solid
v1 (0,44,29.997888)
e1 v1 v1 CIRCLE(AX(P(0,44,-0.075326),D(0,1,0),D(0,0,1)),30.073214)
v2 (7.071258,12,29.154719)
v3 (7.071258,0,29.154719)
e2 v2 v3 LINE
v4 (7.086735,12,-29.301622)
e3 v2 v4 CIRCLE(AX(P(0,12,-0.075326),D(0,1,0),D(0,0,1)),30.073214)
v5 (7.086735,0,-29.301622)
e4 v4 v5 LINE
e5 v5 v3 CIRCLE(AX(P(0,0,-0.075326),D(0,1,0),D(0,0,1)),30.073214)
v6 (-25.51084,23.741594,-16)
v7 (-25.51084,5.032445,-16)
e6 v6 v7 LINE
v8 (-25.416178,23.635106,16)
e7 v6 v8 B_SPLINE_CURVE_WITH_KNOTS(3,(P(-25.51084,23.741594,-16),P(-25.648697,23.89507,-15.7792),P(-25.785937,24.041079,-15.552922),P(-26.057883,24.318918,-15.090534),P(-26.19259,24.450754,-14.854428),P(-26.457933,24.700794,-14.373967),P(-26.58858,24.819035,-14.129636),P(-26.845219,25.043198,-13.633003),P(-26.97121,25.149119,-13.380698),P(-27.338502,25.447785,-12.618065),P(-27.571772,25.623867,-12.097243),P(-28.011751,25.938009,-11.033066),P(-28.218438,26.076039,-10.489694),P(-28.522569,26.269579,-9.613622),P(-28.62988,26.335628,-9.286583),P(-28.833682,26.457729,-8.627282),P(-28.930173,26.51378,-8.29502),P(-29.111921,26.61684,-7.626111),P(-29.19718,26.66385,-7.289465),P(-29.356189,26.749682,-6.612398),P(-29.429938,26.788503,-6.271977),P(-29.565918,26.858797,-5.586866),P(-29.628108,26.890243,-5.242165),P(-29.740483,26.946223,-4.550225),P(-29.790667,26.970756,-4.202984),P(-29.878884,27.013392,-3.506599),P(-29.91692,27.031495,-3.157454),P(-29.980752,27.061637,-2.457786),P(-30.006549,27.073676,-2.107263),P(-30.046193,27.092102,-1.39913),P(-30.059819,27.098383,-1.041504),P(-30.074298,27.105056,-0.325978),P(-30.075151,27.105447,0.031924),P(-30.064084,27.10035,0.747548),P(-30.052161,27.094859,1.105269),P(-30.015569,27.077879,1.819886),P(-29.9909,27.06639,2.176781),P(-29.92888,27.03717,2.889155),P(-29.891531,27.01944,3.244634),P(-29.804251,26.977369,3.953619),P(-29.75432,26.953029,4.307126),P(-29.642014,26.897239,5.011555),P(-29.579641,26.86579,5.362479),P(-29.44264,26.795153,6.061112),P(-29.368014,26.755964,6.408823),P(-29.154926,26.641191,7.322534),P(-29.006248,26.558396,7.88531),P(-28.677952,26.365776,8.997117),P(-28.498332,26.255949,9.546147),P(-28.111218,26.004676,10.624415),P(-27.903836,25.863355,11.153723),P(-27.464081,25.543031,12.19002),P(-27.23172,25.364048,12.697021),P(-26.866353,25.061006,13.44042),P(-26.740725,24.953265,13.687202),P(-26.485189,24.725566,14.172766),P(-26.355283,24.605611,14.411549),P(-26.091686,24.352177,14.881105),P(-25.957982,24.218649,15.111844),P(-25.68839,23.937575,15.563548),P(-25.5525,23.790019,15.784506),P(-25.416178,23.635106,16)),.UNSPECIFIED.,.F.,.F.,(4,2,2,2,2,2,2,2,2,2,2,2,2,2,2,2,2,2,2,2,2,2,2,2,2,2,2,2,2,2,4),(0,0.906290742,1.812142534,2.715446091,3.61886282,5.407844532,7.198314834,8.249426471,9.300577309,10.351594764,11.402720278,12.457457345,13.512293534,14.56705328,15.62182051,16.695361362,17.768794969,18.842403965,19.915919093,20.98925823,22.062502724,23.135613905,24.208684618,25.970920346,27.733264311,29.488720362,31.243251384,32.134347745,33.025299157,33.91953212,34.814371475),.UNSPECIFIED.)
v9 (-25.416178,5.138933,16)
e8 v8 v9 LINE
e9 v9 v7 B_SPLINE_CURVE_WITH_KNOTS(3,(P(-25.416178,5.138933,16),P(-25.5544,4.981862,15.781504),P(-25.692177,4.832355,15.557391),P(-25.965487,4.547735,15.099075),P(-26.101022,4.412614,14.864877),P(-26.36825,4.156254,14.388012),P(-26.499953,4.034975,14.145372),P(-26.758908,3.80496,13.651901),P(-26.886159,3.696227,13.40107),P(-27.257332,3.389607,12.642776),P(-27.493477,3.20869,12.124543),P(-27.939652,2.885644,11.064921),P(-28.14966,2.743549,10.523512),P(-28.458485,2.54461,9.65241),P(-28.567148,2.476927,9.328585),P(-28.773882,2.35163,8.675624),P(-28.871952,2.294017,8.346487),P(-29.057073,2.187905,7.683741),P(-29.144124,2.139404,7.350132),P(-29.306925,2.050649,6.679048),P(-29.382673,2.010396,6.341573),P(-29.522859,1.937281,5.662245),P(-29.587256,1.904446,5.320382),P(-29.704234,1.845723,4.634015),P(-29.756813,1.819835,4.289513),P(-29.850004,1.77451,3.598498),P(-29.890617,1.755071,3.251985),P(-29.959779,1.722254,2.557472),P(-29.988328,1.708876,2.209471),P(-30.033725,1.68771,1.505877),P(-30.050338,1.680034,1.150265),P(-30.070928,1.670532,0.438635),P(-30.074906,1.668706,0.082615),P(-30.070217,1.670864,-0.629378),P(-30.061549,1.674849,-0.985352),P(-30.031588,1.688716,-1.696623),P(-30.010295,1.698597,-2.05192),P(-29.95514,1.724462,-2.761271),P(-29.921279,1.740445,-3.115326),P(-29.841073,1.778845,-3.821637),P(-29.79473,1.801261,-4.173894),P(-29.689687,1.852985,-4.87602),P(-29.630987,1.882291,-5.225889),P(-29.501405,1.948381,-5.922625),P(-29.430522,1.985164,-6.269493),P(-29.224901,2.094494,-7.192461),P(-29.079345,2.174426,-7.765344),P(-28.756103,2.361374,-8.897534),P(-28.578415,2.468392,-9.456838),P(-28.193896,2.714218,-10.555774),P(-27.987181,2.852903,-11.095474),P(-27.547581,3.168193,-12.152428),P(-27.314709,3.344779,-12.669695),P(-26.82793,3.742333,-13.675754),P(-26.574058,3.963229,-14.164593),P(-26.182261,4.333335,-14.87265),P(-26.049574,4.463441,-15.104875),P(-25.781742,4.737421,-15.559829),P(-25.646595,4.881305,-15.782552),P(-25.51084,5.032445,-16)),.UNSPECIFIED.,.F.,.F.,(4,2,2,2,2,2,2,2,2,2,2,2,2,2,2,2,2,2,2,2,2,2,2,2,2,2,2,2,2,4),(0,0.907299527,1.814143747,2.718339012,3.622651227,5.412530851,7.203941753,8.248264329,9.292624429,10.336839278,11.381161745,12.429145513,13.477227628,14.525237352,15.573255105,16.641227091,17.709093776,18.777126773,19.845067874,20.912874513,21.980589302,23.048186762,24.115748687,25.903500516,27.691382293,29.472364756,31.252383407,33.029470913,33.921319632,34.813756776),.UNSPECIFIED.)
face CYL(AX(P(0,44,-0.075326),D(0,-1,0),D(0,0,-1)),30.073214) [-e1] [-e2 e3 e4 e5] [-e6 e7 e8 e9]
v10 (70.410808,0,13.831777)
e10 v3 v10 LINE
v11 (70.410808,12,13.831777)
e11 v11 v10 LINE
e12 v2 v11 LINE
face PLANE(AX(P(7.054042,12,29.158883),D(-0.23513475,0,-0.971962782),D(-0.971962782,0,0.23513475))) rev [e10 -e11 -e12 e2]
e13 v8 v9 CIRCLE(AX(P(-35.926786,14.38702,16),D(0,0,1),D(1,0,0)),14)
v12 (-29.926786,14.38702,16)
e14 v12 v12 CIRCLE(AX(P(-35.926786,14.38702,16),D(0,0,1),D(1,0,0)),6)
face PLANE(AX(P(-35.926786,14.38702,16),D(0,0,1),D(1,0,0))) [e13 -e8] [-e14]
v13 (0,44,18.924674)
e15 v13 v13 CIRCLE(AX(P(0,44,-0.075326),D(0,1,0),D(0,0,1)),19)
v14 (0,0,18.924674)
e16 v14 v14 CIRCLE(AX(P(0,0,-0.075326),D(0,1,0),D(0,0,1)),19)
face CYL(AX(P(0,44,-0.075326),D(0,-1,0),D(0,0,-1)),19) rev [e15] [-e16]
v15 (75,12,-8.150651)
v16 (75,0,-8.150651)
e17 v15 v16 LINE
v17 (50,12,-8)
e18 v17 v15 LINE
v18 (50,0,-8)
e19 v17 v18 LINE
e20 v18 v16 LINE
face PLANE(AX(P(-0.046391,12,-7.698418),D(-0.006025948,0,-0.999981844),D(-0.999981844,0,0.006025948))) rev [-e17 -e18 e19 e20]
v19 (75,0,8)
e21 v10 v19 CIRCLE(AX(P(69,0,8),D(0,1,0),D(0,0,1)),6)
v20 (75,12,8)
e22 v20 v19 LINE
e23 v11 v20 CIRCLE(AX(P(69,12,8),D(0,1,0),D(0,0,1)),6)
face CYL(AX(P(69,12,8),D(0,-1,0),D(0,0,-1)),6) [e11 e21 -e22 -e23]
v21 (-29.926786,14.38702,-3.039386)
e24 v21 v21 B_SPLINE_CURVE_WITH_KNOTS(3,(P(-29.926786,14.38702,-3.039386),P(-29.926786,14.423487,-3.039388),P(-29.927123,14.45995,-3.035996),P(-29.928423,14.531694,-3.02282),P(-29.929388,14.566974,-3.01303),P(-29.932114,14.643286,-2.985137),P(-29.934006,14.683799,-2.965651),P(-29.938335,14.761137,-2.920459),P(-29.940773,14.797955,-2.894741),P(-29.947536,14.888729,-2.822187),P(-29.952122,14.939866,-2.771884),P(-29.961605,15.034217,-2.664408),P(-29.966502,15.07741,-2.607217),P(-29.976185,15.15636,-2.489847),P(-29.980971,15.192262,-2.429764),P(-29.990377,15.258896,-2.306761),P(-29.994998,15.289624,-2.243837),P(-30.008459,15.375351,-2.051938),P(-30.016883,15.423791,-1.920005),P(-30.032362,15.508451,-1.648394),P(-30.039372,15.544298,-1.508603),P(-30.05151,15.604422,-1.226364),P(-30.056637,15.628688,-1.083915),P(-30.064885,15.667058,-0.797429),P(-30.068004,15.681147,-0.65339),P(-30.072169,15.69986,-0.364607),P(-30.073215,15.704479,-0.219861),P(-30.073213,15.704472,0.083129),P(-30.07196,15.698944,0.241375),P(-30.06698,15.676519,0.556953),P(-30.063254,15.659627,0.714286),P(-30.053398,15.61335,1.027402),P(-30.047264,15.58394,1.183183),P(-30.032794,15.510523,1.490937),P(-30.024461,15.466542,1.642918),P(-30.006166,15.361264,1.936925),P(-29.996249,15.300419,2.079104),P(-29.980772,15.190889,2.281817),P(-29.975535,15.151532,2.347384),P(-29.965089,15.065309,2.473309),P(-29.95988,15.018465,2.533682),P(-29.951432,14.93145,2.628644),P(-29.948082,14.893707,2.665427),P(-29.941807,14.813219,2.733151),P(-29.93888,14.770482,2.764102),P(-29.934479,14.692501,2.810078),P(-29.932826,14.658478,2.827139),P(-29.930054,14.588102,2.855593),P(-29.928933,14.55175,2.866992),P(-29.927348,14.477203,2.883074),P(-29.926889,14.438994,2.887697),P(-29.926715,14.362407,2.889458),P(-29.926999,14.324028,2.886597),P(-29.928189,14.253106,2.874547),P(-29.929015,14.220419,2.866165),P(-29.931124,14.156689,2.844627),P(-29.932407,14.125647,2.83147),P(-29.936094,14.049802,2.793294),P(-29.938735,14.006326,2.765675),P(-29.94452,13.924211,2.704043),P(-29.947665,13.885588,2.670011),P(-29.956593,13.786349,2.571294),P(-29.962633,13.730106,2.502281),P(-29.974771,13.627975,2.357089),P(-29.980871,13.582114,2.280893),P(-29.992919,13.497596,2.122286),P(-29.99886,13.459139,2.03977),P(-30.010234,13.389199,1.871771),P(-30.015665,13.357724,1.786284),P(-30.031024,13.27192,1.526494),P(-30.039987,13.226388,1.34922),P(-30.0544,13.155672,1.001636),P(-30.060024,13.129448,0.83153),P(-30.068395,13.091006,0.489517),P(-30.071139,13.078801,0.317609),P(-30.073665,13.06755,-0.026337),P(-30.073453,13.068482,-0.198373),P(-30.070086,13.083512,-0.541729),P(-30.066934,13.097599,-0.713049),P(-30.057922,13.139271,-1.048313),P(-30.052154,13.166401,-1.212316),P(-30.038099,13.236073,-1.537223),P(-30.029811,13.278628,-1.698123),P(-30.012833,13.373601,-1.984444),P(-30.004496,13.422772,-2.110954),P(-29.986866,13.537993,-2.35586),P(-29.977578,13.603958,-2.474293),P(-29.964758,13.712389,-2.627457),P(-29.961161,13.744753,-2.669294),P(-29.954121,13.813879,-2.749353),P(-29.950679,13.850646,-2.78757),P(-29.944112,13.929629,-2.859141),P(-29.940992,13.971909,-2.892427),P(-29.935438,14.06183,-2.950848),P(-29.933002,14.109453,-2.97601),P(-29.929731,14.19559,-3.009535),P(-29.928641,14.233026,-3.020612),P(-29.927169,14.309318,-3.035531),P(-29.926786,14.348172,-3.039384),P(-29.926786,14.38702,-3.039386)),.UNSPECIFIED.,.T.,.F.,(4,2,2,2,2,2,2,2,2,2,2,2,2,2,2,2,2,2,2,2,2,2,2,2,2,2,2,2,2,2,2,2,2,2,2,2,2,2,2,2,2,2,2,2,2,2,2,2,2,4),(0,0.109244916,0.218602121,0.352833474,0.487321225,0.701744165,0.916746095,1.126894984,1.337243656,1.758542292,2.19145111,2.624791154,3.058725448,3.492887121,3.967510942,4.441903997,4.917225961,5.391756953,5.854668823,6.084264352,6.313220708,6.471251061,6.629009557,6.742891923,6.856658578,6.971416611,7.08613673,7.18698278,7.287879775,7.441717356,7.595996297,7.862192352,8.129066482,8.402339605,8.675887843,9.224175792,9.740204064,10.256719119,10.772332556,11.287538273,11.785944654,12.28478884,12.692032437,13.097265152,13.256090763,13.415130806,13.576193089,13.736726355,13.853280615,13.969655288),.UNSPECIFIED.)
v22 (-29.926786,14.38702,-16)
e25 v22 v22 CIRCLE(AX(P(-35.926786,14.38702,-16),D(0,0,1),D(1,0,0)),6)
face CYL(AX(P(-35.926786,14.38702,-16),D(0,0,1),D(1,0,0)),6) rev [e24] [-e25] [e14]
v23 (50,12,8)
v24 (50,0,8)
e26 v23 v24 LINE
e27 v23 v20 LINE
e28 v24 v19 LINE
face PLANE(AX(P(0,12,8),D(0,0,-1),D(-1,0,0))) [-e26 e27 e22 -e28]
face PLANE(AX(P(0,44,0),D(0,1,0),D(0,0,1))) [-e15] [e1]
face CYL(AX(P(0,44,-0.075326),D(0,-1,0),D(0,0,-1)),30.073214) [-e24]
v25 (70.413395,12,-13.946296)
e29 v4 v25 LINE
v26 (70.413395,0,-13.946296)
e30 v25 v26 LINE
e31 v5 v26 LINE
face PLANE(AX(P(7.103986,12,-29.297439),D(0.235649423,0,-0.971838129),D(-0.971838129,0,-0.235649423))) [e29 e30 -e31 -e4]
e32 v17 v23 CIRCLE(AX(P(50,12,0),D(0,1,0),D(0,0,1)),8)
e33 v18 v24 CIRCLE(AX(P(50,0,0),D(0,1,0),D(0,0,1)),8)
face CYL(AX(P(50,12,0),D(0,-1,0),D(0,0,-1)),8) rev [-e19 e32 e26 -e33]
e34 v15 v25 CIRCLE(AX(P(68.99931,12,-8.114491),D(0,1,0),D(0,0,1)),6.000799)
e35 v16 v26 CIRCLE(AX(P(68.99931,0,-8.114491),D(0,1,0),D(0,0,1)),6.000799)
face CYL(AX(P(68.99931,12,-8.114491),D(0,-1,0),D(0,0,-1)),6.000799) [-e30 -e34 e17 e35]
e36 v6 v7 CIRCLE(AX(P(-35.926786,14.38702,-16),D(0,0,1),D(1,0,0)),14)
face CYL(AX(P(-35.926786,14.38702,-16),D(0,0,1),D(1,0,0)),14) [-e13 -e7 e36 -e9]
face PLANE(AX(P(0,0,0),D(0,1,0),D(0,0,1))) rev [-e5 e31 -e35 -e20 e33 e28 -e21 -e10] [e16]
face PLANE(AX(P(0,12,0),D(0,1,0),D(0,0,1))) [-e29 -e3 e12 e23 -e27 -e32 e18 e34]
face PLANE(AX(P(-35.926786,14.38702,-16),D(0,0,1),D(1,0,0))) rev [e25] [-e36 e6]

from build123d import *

# Parameters (mm, degrees)
SKETCH_1_R           = 19
EXTRUDE_1_DEPTH      = 44
EXTRUDE_2_DEPTH      = 12
EXTRUDE_3_DEPTH      = 16
EXTRUDE_3_DEPTH_BACK = 16
SKETCH_2_R           = 14
SKETCH_2_R_2         = 6


with BuildPart() as part:
    # 草图1 → 凸台-拉伸1 (new body)
    with BuildSketch(Plane(origin=(0, 0, 0), x_dir=(1, 0, 0), z_dir=(0, 1, 0))):
        with BuildLine():
            ThreePointArc((30.073213795, 0.075325719), (23.638095307, 18.666684955), (7.08673549, 29.301621551))
            ThreePointArc((7.08673549, 29.301621551), (-30.073212741, 0.083288408), (7.071257605, -29.154718822))
            ThreePointArc((7.071257605, -29.154718822), (23.633171917, -18.522291685), (30.073213795, 0.075325719))
        make_face()
        with Locations((0, 0.075325719)):
            Circle(SKETCH_1_R, mode=Mode.SUBTRACT)
    extrude(amount=EXTRUDE_1_DEPTH)

    # 草图1<3> → 凸台-拉伸2 (add)
    with BuildSketch(Plane(origin=(0, 0, 0), x_dir=(1, 0, 0), z_dir=(0, 1, 0))):
        with BuildLine():
            ThreePointArc((50, -8), (42, 0), (50, 8))
            Line((50, 8), (75, 8.150651437))
            ThreePointArc((75, 8.150651437), (73.70484886, 11.838399085), (70.413394867, 13.946296092))
            Line((70.413394867, 13.946296092), (7.08673549, 29.301621551))
            ThreePointArc((7.08673549, 29.301621551), (23.638095307, 18.666684955), (30.073213795, 0.075325719))
            ThreePointArc((30.073213795, 0.075325719), (23.633171917, -18.522291685), (7.071257605, -29.154718822))
            Line((7.071257605, -29.154718822), (70.4108085, -13.831776691))
            ThreePointArc((70.4108085, -13.831776691), (73.715127305, -11.710468232), (75, -8))
            Line((75, -8), (50, -8))
        make_face()
    extrude(amount=EXTRUDE_2_DEPTH)

    # 草图2 → 凸台-拉伸3 (add, two sides: drawn at the far end of the back side and taken through both)
    with BuildSketch(Plane.XY.offset(-EXTRUDE_3_DEPTH_BACK)):
        with Locations((-35.926786205, 14.387019523)):
            Circle(SKETCH_2_R)
        with Locations((-35.926786205, 14.387019523)):
            Circle(SKETCH_2_R_2, mode=Mode.SUBTRACT)
    extrude(amount=EXTRUDE_3_DEPTH + EXTRUDE_3_DEPTH_BACK)


solid = part.part
